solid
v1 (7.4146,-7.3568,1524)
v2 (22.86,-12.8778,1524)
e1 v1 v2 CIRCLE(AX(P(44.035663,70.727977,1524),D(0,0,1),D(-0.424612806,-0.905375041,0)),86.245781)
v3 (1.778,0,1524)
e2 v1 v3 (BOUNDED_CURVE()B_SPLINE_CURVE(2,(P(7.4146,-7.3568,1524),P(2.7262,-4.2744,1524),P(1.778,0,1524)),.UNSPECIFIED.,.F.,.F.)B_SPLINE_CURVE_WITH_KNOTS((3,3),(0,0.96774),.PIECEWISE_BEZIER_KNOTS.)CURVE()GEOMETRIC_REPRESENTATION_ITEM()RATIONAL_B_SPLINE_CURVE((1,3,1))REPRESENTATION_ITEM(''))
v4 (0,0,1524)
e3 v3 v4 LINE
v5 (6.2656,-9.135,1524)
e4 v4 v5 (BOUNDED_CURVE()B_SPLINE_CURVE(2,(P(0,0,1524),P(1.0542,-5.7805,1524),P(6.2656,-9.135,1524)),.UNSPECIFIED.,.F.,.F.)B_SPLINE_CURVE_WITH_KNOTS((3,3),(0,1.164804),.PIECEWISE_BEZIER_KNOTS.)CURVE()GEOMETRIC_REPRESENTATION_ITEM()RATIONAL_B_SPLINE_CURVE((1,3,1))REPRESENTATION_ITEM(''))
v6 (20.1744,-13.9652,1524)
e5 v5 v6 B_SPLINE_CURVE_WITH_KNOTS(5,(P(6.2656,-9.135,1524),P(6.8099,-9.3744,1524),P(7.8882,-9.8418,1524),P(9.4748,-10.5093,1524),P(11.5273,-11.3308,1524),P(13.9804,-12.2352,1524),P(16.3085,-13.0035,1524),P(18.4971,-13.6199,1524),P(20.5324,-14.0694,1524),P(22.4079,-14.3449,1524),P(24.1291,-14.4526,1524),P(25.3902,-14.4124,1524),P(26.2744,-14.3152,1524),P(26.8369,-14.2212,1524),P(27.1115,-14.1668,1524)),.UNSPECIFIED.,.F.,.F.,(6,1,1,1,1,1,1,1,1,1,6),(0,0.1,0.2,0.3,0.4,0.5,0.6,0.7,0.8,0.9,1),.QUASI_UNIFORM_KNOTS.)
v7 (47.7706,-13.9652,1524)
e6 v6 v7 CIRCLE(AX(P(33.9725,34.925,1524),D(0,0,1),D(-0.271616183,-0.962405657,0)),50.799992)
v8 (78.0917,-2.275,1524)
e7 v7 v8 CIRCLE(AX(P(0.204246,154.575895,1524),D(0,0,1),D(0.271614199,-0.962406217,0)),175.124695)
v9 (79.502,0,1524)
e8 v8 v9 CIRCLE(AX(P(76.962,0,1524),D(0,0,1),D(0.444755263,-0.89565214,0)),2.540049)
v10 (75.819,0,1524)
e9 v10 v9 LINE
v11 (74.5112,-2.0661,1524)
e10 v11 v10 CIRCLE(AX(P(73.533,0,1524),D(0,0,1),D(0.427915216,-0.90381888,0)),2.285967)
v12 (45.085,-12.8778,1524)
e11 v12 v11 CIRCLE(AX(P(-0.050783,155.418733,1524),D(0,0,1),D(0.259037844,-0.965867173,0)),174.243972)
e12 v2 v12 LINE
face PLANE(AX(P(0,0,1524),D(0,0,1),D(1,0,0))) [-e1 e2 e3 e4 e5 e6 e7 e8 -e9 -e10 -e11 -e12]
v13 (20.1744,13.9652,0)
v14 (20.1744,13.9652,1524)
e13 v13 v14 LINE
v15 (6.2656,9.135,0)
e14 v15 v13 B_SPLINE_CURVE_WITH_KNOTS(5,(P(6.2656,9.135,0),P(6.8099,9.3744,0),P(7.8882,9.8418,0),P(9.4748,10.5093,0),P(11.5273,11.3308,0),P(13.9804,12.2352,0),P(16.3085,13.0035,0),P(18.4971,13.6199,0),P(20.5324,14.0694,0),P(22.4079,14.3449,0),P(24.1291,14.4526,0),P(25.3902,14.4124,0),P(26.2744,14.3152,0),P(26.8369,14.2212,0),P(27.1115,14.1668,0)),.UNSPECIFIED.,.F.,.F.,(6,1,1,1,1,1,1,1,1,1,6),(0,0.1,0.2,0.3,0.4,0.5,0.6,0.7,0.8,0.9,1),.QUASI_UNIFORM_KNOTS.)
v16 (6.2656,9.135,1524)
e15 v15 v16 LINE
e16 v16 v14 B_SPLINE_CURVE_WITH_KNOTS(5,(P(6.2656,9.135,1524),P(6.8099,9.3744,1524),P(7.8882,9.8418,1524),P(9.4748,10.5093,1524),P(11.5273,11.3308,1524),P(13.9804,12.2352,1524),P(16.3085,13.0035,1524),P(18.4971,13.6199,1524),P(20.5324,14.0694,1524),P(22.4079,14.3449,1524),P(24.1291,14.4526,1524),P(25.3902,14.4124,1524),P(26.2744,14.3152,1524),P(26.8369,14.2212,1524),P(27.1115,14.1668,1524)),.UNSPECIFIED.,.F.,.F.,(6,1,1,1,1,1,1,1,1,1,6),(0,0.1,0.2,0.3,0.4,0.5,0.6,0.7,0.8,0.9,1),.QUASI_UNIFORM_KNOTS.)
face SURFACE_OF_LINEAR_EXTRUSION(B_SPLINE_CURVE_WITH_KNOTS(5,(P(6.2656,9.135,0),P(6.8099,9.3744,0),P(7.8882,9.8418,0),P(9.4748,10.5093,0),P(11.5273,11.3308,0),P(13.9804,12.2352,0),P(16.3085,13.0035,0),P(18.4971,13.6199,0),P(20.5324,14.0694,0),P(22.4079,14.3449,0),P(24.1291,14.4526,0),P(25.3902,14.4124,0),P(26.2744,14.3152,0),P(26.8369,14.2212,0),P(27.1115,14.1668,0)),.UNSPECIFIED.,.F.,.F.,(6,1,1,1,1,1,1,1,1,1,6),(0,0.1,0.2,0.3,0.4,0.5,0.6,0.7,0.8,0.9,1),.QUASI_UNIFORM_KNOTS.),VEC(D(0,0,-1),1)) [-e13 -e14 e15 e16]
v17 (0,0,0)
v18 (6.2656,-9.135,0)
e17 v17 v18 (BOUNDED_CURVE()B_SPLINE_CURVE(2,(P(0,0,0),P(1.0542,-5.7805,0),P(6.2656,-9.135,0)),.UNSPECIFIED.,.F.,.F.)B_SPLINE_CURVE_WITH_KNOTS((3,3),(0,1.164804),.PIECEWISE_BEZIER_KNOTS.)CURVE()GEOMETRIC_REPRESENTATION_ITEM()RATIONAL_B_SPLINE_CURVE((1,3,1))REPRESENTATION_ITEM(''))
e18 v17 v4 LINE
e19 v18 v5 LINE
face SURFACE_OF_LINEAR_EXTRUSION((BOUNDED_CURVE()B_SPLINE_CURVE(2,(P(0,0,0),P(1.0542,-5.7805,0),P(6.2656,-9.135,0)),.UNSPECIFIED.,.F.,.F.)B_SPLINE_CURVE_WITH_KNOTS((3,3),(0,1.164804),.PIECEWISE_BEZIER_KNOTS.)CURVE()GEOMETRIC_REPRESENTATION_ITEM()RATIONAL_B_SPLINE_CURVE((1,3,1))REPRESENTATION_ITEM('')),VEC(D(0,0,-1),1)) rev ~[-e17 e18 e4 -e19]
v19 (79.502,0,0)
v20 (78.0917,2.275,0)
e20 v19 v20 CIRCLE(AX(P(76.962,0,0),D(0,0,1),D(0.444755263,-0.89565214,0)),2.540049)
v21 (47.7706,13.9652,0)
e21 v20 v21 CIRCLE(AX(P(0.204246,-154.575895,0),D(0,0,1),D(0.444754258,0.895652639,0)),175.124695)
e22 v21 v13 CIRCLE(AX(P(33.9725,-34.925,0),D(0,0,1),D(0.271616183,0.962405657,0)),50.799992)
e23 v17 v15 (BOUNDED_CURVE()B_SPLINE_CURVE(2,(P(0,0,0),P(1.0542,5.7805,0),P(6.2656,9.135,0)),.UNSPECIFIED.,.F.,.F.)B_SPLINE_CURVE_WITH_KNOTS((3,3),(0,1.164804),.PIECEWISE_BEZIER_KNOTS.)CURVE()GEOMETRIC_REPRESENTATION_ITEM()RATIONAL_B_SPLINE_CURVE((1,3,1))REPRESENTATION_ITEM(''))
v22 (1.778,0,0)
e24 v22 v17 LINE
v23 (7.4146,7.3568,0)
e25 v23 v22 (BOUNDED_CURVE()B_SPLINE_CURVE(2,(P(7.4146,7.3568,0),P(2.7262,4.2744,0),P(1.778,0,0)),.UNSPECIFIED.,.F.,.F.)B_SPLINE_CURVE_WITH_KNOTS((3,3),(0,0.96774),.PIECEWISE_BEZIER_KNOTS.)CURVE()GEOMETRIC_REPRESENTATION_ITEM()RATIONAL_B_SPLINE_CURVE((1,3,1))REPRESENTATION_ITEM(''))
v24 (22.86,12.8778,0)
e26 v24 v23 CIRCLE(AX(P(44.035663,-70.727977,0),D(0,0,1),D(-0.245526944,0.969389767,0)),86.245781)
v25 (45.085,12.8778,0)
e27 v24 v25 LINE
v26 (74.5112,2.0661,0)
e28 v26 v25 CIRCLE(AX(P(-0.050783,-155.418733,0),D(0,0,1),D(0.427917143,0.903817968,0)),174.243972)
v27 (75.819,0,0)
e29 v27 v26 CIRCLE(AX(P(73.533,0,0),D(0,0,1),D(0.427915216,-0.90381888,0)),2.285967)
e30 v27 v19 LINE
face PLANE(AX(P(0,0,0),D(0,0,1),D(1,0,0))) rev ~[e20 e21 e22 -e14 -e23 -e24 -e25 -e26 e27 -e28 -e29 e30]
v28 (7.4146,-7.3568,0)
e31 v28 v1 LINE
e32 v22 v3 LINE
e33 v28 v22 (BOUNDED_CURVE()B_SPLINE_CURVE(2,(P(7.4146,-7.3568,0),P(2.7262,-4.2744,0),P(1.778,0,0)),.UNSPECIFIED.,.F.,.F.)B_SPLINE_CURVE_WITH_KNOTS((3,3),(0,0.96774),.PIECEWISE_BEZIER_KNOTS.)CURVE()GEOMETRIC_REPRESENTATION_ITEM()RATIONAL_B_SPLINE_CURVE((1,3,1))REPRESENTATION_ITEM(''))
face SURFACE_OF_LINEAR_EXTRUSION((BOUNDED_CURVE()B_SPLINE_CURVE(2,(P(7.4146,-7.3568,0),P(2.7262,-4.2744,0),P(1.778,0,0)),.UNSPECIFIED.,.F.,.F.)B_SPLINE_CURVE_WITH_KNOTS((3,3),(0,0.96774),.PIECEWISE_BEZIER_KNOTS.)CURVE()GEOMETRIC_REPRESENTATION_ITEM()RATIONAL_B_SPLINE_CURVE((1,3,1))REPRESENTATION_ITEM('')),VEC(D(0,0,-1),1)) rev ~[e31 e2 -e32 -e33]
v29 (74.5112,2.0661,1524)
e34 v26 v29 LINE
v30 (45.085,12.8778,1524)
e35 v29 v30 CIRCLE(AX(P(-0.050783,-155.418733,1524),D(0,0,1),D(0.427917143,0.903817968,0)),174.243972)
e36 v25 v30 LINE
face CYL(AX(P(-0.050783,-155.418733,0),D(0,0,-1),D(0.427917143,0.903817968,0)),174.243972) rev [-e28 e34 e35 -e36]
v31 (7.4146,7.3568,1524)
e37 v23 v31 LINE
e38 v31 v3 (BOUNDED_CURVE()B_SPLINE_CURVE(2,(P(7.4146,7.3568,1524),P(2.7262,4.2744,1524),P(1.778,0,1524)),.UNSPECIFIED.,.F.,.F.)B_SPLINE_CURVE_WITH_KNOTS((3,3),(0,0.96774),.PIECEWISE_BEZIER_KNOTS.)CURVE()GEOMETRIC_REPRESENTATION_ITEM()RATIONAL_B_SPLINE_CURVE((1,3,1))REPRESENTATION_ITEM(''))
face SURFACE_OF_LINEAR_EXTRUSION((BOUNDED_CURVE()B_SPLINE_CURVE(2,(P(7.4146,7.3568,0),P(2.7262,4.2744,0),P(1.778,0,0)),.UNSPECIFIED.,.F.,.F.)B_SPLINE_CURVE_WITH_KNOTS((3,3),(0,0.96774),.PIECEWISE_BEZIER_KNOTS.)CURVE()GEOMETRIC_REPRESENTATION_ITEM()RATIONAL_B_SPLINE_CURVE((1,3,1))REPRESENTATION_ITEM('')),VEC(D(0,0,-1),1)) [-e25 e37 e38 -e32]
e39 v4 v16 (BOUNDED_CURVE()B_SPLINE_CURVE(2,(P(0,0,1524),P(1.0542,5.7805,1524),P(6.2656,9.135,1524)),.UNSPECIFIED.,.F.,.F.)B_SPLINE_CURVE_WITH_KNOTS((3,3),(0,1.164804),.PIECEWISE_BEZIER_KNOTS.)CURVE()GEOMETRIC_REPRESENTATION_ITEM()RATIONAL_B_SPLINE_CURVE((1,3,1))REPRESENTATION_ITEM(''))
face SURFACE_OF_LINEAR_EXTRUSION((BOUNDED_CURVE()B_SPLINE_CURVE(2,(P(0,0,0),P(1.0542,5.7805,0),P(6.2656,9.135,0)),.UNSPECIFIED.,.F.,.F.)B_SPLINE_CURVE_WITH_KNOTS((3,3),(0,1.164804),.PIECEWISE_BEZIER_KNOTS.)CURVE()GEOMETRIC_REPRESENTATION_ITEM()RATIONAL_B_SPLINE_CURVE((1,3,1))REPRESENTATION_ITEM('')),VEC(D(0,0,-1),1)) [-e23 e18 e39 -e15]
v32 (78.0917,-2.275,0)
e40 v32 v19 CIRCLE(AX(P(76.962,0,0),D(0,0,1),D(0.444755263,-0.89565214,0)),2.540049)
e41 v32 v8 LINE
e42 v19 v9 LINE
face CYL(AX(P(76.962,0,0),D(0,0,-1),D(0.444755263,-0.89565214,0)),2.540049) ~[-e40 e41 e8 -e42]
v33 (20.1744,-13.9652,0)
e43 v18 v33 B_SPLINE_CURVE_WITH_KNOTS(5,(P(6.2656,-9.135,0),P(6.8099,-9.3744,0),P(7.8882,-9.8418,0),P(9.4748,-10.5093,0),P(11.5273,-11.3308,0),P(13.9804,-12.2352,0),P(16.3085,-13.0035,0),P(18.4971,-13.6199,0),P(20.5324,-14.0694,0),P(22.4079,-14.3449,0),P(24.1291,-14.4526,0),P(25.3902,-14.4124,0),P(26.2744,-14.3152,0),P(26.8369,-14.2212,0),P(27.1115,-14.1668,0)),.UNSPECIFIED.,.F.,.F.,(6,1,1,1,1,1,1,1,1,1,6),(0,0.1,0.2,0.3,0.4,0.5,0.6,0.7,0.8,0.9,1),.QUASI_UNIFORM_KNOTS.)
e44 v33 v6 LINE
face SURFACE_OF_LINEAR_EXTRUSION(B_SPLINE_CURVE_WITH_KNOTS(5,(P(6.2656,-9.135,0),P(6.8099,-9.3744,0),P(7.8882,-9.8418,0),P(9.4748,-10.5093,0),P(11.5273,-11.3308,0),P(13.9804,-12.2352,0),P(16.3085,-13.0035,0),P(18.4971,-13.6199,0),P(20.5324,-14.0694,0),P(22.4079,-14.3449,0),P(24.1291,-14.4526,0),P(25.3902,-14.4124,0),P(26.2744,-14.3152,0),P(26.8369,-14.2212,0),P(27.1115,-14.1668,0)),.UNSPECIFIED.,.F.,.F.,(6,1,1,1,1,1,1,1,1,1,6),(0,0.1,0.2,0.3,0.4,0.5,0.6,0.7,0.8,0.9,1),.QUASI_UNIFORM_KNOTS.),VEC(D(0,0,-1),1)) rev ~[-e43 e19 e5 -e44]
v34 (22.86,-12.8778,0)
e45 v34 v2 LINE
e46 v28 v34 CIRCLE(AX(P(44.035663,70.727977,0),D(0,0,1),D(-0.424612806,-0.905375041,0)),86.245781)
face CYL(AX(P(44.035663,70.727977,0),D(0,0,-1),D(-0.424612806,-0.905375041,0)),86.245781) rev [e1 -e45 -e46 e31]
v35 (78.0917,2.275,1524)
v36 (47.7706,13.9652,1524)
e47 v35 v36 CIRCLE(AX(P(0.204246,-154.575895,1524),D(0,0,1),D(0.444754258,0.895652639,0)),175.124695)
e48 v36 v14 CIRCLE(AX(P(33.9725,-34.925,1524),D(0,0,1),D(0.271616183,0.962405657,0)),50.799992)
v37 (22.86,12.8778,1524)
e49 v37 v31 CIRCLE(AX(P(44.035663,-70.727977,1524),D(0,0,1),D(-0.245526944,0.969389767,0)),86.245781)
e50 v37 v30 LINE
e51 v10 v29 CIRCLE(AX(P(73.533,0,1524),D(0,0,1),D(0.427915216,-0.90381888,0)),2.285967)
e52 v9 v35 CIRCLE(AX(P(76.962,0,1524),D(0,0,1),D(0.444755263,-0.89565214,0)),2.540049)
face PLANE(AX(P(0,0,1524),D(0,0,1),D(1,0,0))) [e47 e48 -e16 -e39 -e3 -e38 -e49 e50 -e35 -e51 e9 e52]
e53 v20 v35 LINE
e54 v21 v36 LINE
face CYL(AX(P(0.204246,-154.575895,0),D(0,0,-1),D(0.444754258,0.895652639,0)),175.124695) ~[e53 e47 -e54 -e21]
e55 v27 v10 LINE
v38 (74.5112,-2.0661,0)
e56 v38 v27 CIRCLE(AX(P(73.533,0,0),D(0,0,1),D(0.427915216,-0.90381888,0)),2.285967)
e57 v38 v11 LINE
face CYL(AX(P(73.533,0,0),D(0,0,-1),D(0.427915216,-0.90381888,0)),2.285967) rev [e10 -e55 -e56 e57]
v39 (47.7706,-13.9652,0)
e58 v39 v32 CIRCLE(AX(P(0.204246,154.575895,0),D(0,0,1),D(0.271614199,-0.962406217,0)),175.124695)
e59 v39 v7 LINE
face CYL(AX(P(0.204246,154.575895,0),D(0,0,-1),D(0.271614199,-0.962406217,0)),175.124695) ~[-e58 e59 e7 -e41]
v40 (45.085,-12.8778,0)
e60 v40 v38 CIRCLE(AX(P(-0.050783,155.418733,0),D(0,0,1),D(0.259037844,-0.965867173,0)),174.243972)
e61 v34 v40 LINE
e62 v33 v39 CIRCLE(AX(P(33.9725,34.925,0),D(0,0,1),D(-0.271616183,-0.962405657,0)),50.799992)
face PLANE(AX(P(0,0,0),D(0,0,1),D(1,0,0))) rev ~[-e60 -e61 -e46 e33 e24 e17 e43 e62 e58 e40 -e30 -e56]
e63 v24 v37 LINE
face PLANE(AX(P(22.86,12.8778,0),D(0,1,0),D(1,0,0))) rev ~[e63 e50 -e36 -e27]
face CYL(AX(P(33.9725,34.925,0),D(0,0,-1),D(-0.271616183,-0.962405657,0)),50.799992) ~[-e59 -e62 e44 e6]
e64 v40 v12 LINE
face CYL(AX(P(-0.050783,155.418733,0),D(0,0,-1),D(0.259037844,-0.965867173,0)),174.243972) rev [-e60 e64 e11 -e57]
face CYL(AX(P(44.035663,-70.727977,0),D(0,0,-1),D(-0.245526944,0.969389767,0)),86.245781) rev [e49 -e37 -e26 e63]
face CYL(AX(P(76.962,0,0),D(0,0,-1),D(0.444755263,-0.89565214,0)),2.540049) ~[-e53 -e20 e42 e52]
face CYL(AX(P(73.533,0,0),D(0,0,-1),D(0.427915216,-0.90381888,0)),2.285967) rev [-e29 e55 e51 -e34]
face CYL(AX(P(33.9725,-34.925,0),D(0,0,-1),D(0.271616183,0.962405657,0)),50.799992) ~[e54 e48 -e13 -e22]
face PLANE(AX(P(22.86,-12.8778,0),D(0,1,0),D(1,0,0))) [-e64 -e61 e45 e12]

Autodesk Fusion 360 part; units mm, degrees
sketch "Large Strut" plane through (0, 0, 0) normal (0, 0, 1) x (1, 0, 0)
  arc A0 (47.7706, 13.9652) -> (20.1744, 13.9652) centre (33.9725, -34.925) ccw
  line L0 (20.1744, 13.9652) -> (47.7706, 13.9652) construction
  line L1 (22.86, 12.8778) -> (45.085, 12.8778)
  line L2 (33.9725, 15.875) -> (33.9725, 12.8778) construction
  line L3 (22.86, 12.8778) -> (20.1744, 13.9652) construction
  line L4 (47.7706, 13.9652) -> (45.085, 12.8778) construction
  arc A1 (78.0917, 2.275) -> (47.7706, 13.9652) centre (0.204, -154.5758) ccw
  arc A2 (78.0917, -2.275) -> (78.0917, 2.275) centre (76.962, 0) ccw
  line L5 (78.0917, 2.275) -> (78.0917, -2.275) construction
  line L6 (0, 0) -> (79.502, 0) construction
  spline S0 degree 2 poles (7.4146, 7.3568) (2.7262, 4.2744) (1.778, 0) knots 0 0 0 0.96774 0.96774 0.96774 weights 1 3 1
  arc A3 (22.86, 12.8778) -> (7.4146, 7.3568) centre (44.0356, -70.728) ccw
  arc A4 (74.5112, -2.0661) -> (74.5112, 2.0661) centre (73.533, 0) ccw
  line L7 (74.5112, 2.0661) -> (74.5112, -2.0661) construction
  arc A5 (74.5112, 2.0661) -> (45.085, 12.8778) centre (-0.0506, -155.4188) ccw
  line L8 (75.819, 0) -> (79.502, 0)
  line L9 (33.9725, 12.8778) -> (33.9725, -34.925) construction
  arc A6 (20.1744, -13.9652) -> (47.7706, -13.9652) centre (33.9725, 34.925) ccw
  spline S1 degree 2 poles (7.4146, -7.3568) (2.7262, -4.2744) (1.778, 0) knots 0 0 0 0.96774 0.96774 0.96774 weights 1 3 1
  arc A7 (7.4146, -7.3568) -> (22.86, -12.8778) centre (44.0356, 70.728) ccw
  line L10 (22.86, -12.8778) -> (45.085, -12.8778)
  arc A8 (47.7706, -13.9652) -> (78.0917, -2.275) centre (0.204, 154.5758) ccw
  arc A9 (45.085, -12.8778) -> (74.5112, -2.0661) centre (-0.0506, 155.4188) ccw
  line L11 (1.778, 0) -> (0, 0)
  spline S2 degree 2 poles (0, 0) (1.0542, -5.7805) (6.2656, -9.135) knots 0 0 0 1.164804 1.164804 1.164804 weights 1 3 1
  spline S3 degree 5 poles (6.2656, -9.135) (6.8099, -9.3744) (7.8882, -9.8418) (9.4748, -10.5093) (11.5273, -11.3308) (13.9804, -12.2352) (16.3085, -13.0035) (18.4971, -13.6199) (20.5324, -14.0694) (22.4079, -14.3449) (24.1291, -14.4526) (25.3902, -14.4124) (26.2744, -14.3152) (26.8369, -14.2212) (27.1115, -14.1668) knots 0 0 0 0 0 0 0.1 0.2 0.3 0.4 0.5 0.6 0.7 0.8 0.9 1 1 1 1 1 1
  spline S4 degree 2 poles (0, 0) (1.0542, 5.7805) (6.2656, 9.135) knots 0 0 0 1.164804 1.164804 1.164804 weights 1 3 1
  spline S5 degree 5 poles (6.2656, 9.135) (6.8099, 9.3744) (7.8882, 9.8418) (9.4748, 10.5093) (11.5273, 11.3308) (13.9804, 12.2352) (16.3085, 13.0035) (18.4971, 13.6199) (20.5324, 14.0694) (22.4079, 14.3449) (24.1291, 14.4526) (25.3902, 14.4124) (26.2744, 14.3152) (26.8369, 14.2212) (27.1115, 14.1668) knots 0 0 0 0 0 0 0.1 0.2 0.3 0.4 0.5 0.6 0.7 0.8 0.9 1 1 1 1 1 1
  line L12 (3.8231, -8.0611) -> (8.7082, -10.209)
  line L13 (25.2685, -14.5318) -> (28.9545, -13.8018)
  line L14 (3.8231, 8.0611) -> (8.7082, 10.209)
  line L15 (25.2685, 14.5318) -> (28.9545, 13.8018)
  point P0 (47.7706, 13.9652)
  point P1 (20.1744, 13.9652)
  point P2 (78.0917, 2.275)
  point P3 (76.962, 0)
  point P4 (73.533, 0)
  point P5 (79.502, 0)
  point P6 (74.5112, 2.0661)
  point P7 (20.1744, 13.9652)
  point P8 (33.9725, 0)
  dimension "d6" = 22.225
  dimension "d19" = 12.8778
  dimension "d21" = 15.875
  dimension "d24" = 22.86
  dimension "d25" = 79.502
  dimension "d26" = 3.429
  dimension "d27" = 1.778
  dimension "d30" = 50.8
  dimension "d31" = 2.54
  dimension "d33" = 2.286
  dimension "d34" = 174.244
  dimension "d49" = 74.3072
  dimension "d50" = 175.1246
sketch "Small Strut" plane through (0, 0, 0) normal (0, 0, 1) x (1, 0, 0)
  line L0 (0, 0) -> (61.976, 0) construction
  line L1 (15.748, 9.7028) -> (34.798, 9.7028)
  arc A0 (36.8659, 11.3595) -> (13.6801, 11.3595) centre (25.273, -38.1) ccw
  line L2 (13.6801, 11.3595) -> (15.748, 9.7028) construction
  line L3 (36.8659, 11.3595) -> (34.798, 9.7028) construction
  arc A1 (60.8172, -1.9888) -> (60.8172, 1.9888) centre (59.69, 0) ccw
  line L4 (60.8172, 1.9888) -> (60.8172, -1.9888) construction
  line L5 (58.8343, 1.3614) -> (58.8343, -1.3614) construction
  arc A2 (60.8172, 1.9888) -> (36.8659, 11.3595) centre (16.2305, -76.6784) ccw
  arc A3 (58.8343, 1.3614) -> (34.798, 9.7028) centre (15.4476, -84.8576) ccw
  line L6 (25.273, 9.7028) -> (25.273, 12.7) construction
  spline S0 degree 2 poles (0, 0) (0.5625, 4.2011) (5.2997, 7.5955) knots 0 0 0 0.971719 0.971719 0.971719 weights 1 3 1
  spline S1 degree 2 poles (1.524, 0) (1.8308, 3.1567) (7.1158, 6.7238) knots 0 0 0 0.917957 0.917957 0.917957 weights 1 3 1
  line L7 (0, 0) -> (1.524, 0)
  line L8 (59.69, 0) -> (61.976, 0)
  arc A4 (58.8343, -1.3614) -> (58.8343, 1.3614) centre (58.1492, 0) ccw
  line L9 (59.69, 0) -> (58.1492, 0)
  arc A5 (36.8659, -11.3595) -> (60.8172, -1.9888) centre (16.2305, 76.6784) ccw
  arc A6 (34.798, -9.7028) -> (58.8343, -1.3614) centre (15.4476, 84.8576) ccw
  arc A7 (13.6801, -11.3595) -> (36.8659, -11.3595) centre (25.273, 38.1) ccw
  line L10 (15.748, -9.7028) -> (34.798, -9.7028)
  spline S2 degree 2 poles (1.524, 0) (1.8308, -3.1567) (7.1158, -6.7238) knots 0 0 0 0.917957 0.917957 0.917957 weights 1 3 1
  spline S3 degree 2 poles (0, 0) (0.5625, -4.2011) (5.2997, -7.5955) knots 0 0 0 0.971719 0.971719 0.971719 weights 1 3 1
  line L11 (13.6822, -11.36) -> (13.6769, -11.3588)
  spline S4 degree 2 poles (5.2997, 7.5955) (8.9959, 9.7972) (13.6801, 11.3595) knots 0 0 0 0.921677 0.921677 0.921677 weights 1 3 1
  spline S5 degree 2 poles (7.1158, 6.7238) (10.9615, 8.9037) (15.748, 9.7028) knots 0 0 0 0.921154 0.921154 0.921154 weights 1 3 1
  spline S6 degree 2 poles (7.1158, -6.7238) (10.9615, -8.9037) (15.748, -9.7028) knots 0 0 0 0.921154 0.921154 0.921154 weights 1 3 1
  spline S7 degree 2 poles (5.2997, -7.5955) (8.9959, -9.7972) (13.6801, -11.3595) knots 0 0 0 0.921677 0.921677 0.921677 weights 1 3 1
  line L12 (25.273, 9.7028) -> (25.273, -9.7028) construction
  point P0 (59.69, 0)
  point P1 (25.273, 0)
  dimension "d35" = 19.05
  dimension "d37" = 61.976
  dimension "d38" = 2.286
  dimension "d39" = 9.7028
  dimension "d40" = 50.8
  dimension "d41" = 12.7
  dimension "d42" = 15.748
  dimension "d43" = 1.524
  dimension "d44" = 1.524
  dimension "d45" = 90.424
  dimension "d46" = 96.52
extrude "Extrude3" add sketch "Small Strut" along normal blind 2667 contours L1 A0 A1 A2 A3 S0 S1 L7 L8 A4 L9 S4 S5 | A1 L7 L8 A4 L9 A5 A6 A7 L10 S2 S3 L11 S6 S7 makes body 1
extrude "Extrude4" add sketch "Large Strut" along normal blind 1524 separate body contours A0 L1 A1 A2 S0 A3 A4 A5 L8 L11 S4 S5 | A2 A4 L8 A6 S1 A7 L10 A8 A9 L11 S2 S3 makes body 2
hidden bodies 1
equation "d19 = ( 1.014 / 2 ) * 1 in"
equation "d21 = ( 1.25 / 2 ) * 1 in"
equation "d39 = ( 0.764 / 2 ) * 1 in"
